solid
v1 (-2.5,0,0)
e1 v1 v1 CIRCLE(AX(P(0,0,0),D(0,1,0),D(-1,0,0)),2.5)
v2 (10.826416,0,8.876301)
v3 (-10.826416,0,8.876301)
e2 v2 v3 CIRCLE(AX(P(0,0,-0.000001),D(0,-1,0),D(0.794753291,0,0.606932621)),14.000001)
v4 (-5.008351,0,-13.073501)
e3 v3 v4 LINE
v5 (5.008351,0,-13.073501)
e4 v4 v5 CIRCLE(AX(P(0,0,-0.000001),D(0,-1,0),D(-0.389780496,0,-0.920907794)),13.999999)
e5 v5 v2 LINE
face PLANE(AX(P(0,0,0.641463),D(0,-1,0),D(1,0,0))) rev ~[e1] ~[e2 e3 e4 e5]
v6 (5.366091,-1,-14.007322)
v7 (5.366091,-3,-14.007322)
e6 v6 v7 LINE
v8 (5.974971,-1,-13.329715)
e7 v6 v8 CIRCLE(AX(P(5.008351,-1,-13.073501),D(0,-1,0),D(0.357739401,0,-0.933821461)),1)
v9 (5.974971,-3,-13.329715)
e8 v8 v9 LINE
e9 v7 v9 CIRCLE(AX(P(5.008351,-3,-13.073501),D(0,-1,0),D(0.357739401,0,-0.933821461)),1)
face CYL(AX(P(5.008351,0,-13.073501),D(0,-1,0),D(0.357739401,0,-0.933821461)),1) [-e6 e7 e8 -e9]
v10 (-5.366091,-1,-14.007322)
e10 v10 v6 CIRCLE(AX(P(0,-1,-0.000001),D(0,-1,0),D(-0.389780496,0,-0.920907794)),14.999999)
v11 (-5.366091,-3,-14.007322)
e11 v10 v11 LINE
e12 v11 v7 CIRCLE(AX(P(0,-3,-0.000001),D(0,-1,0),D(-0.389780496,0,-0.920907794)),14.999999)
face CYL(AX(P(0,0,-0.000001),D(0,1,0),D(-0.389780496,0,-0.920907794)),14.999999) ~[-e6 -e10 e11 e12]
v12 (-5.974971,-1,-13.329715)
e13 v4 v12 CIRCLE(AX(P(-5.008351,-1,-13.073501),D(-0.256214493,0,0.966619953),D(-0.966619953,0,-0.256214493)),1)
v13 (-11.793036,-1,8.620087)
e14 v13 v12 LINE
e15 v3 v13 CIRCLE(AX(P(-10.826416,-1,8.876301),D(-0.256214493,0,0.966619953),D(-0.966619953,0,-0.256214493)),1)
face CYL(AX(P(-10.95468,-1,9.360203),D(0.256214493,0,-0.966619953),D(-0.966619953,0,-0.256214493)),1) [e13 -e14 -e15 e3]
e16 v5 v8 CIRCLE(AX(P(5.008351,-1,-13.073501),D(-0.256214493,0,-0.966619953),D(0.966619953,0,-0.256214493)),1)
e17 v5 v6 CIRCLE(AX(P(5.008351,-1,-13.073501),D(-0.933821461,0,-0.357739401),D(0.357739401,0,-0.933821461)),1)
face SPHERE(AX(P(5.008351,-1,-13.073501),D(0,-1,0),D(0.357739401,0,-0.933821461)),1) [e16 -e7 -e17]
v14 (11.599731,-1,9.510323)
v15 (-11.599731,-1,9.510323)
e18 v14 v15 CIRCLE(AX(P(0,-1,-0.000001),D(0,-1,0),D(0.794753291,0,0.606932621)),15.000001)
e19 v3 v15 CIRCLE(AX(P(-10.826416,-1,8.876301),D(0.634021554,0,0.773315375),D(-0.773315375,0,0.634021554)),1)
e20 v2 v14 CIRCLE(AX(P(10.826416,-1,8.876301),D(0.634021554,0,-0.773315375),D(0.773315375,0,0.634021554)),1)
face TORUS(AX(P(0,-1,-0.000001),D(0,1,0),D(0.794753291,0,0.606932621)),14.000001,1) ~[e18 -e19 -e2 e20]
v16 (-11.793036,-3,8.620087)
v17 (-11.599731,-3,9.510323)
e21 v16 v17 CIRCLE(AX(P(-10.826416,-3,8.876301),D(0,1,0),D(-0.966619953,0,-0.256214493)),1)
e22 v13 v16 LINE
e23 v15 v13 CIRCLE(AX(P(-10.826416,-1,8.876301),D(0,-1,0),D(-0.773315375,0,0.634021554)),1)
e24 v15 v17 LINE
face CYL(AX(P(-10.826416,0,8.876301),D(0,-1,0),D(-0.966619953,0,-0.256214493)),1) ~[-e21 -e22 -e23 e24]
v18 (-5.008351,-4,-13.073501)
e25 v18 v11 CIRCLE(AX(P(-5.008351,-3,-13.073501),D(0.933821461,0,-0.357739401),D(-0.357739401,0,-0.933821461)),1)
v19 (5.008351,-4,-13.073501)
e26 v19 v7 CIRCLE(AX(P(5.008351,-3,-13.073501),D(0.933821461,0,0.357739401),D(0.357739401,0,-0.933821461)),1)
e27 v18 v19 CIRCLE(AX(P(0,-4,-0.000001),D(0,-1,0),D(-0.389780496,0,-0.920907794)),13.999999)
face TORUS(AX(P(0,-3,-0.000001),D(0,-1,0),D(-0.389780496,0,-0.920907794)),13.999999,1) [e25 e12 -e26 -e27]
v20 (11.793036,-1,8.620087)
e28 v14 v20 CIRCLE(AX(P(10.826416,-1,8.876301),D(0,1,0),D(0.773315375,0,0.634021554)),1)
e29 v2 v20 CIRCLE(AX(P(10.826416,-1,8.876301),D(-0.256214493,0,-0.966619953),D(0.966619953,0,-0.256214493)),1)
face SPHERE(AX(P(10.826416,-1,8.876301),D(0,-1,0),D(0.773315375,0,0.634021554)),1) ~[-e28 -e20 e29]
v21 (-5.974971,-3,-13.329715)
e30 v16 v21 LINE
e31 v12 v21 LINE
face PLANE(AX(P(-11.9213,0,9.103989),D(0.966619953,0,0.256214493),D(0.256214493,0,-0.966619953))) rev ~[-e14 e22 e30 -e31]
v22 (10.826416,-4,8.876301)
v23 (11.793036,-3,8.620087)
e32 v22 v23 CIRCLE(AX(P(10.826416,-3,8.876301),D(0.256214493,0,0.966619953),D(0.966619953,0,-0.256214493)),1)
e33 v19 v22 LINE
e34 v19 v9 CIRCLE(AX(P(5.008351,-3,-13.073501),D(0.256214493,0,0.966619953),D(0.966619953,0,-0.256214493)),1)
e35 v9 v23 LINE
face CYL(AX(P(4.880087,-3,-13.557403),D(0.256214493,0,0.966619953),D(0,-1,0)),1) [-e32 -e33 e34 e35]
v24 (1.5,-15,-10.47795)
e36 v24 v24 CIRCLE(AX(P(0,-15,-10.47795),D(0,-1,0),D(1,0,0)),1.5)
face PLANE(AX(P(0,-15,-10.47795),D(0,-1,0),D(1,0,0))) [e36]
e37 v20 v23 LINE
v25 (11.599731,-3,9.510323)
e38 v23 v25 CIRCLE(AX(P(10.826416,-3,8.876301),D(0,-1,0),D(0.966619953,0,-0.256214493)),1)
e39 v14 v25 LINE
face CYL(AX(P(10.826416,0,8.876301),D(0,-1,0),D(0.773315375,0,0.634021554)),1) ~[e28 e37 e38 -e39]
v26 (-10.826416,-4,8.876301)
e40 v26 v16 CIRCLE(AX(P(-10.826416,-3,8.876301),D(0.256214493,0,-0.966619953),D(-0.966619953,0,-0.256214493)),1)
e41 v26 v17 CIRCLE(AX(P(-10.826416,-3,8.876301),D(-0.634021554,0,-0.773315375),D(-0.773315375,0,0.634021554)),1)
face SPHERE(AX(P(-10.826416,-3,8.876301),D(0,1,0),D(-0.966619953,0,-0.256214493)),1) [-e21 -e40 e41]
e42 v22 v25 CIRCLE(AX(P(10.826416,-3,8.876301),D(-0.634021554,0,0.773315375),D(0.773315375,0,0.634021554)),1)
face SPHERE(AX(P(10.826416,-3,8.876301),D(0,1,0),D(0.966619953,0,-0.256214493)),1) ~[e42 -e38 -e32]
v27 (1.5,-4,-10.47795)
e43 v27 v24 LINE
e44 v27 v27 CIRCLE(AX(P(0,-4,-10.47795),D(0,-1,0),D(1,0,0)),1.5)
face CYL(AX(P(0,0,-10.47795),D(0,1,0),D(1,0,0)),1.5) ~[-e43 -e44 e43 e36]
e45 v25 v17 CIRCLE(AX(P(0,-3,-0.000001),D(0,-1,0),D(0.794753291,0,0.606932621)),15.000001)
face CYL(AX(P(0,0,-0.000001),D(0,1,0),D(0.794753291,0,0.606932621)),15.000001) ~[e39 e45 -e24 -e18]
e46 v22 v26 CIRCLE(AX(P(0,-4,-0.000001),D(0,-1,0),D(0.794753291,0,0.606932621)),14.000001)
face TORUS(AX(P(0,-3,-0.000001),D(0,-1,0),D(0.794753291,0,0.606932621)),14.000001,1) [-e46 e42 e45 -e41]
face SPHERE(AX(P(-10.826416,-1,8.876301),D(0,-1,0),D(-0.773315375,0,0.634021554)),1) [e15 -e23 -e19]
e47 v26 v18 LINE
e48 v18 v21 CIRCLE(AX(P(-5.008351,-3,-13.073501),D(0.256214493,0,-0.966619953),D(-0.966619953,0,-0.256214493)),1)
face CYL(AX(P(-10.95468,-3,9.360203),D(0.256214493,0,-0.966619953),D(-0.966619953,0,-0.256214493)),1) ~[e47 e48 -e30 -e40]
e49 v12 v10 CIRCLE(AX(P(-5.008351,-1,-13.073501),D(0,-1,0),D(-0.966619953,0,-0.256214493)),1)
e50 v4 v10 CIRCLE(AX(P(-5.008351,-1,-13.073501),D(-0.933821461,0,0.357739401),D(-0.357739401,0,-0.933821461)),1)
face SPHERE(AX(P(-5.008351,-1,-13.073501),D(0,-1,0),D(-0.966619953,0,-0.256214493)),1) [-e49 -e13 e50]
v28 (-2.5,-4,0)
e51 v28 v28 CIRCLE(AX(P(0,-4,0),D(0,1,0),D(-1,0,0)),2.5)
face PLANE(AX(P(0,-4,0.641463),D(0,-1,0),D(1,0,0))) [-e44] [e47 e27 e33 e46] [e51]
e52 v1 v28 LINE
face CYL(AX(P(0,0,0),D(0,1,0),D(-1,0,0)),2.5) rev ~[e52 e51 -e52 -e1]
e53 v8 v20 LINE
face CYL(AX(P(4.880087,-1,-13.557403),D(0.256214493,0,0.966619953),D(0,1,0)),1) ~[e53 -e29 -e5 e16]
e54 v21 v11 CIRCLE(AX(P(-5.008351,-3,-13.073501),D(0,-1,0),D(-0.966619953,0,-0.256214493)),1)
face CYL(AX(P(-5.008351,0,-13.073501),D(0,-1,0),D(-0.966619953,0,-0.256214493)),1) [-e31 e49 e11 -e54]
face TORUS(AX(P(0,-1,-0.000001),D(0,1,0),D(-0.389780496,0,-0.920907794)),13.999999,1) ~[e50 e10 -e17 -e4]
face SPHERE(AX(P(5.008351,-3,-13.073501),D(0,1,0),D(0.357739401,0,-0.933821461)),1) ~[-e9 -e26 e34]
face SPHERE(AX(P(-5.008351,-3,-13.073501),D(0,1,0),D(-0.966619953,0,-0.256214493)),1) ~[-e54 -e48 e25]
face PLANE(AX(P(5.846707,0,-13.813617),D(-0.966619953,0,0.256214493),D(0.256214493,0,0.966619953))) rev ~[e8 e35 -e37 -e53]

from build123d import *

# Parameters (mm, degrees)
F0_R     = 1.5
F1_DEPTH = 15
F2_DEPTH = 4
F3_R     = 2.5
F4_DEPTH = 25
F5_R     = 1


with BuildPart() as f1:
    # F0 (on Front) → F1 (new body)
    with BuildSketch(Plane.XZ):
        with Locations((0, -10.47795)):
            Circle(F0_R)
    extrude(amount=F1_DEPTH)

    # F0 (on Front) → F2 (join)
    with BuildSketch(Plane.XZ):
        with BuildLine():
            Line((-11.9213, 9.103989), (-5.846707, -13.813617))
            ThreePointArc((-5.846707, -13.813617), (0, -15), (5.846707, -13.813617))
            Line((5.846707, -13.813617), (11.9213, 9.103989))
            ThreePointArc((11.9213, 9.103989), (0, 15), (-11.9213, 9.103989))
        make_face()
        with Locations((0, -10.47795)):
            Circle(F0_R, mode=Mode.SUBTRACT)
    extrude(amount=F2_DEPTH)

    # F3 (on face) → F4 (cut)
    with BuildSketch(Plane(origin=(0, 0, 0), x_dir=(-1, 0, 0), z_dir=(0, 1, 0))):
        Circle(F3_R)
    extrude(amount=-F4_DEPTH, mode=Mode.SUBTRACT)

    # F5
    f5_edges = [f1.edges().sort_by_distance(p)[0] for p in [
        (0, -4, 15),
        (11.9213, -2, 9.103989),
        (-11.9213, -2, 9.103989),
        (0, 0, 15),
        (5.846707, -2, -13.813617),
        (0, -4, -15),
        (0, 0, -15),
        (-5.846707, -2, -13.813617),
        (-8.884003, 0, -2.354814),
        (-8.884003, -4, -2.354814),
        (8.884003, -4, -2.354814),
        (8.884003, 0, -2.354814),
    ]]
    fillet(f5_edges, radius=F5_R)


solid = f1.part
